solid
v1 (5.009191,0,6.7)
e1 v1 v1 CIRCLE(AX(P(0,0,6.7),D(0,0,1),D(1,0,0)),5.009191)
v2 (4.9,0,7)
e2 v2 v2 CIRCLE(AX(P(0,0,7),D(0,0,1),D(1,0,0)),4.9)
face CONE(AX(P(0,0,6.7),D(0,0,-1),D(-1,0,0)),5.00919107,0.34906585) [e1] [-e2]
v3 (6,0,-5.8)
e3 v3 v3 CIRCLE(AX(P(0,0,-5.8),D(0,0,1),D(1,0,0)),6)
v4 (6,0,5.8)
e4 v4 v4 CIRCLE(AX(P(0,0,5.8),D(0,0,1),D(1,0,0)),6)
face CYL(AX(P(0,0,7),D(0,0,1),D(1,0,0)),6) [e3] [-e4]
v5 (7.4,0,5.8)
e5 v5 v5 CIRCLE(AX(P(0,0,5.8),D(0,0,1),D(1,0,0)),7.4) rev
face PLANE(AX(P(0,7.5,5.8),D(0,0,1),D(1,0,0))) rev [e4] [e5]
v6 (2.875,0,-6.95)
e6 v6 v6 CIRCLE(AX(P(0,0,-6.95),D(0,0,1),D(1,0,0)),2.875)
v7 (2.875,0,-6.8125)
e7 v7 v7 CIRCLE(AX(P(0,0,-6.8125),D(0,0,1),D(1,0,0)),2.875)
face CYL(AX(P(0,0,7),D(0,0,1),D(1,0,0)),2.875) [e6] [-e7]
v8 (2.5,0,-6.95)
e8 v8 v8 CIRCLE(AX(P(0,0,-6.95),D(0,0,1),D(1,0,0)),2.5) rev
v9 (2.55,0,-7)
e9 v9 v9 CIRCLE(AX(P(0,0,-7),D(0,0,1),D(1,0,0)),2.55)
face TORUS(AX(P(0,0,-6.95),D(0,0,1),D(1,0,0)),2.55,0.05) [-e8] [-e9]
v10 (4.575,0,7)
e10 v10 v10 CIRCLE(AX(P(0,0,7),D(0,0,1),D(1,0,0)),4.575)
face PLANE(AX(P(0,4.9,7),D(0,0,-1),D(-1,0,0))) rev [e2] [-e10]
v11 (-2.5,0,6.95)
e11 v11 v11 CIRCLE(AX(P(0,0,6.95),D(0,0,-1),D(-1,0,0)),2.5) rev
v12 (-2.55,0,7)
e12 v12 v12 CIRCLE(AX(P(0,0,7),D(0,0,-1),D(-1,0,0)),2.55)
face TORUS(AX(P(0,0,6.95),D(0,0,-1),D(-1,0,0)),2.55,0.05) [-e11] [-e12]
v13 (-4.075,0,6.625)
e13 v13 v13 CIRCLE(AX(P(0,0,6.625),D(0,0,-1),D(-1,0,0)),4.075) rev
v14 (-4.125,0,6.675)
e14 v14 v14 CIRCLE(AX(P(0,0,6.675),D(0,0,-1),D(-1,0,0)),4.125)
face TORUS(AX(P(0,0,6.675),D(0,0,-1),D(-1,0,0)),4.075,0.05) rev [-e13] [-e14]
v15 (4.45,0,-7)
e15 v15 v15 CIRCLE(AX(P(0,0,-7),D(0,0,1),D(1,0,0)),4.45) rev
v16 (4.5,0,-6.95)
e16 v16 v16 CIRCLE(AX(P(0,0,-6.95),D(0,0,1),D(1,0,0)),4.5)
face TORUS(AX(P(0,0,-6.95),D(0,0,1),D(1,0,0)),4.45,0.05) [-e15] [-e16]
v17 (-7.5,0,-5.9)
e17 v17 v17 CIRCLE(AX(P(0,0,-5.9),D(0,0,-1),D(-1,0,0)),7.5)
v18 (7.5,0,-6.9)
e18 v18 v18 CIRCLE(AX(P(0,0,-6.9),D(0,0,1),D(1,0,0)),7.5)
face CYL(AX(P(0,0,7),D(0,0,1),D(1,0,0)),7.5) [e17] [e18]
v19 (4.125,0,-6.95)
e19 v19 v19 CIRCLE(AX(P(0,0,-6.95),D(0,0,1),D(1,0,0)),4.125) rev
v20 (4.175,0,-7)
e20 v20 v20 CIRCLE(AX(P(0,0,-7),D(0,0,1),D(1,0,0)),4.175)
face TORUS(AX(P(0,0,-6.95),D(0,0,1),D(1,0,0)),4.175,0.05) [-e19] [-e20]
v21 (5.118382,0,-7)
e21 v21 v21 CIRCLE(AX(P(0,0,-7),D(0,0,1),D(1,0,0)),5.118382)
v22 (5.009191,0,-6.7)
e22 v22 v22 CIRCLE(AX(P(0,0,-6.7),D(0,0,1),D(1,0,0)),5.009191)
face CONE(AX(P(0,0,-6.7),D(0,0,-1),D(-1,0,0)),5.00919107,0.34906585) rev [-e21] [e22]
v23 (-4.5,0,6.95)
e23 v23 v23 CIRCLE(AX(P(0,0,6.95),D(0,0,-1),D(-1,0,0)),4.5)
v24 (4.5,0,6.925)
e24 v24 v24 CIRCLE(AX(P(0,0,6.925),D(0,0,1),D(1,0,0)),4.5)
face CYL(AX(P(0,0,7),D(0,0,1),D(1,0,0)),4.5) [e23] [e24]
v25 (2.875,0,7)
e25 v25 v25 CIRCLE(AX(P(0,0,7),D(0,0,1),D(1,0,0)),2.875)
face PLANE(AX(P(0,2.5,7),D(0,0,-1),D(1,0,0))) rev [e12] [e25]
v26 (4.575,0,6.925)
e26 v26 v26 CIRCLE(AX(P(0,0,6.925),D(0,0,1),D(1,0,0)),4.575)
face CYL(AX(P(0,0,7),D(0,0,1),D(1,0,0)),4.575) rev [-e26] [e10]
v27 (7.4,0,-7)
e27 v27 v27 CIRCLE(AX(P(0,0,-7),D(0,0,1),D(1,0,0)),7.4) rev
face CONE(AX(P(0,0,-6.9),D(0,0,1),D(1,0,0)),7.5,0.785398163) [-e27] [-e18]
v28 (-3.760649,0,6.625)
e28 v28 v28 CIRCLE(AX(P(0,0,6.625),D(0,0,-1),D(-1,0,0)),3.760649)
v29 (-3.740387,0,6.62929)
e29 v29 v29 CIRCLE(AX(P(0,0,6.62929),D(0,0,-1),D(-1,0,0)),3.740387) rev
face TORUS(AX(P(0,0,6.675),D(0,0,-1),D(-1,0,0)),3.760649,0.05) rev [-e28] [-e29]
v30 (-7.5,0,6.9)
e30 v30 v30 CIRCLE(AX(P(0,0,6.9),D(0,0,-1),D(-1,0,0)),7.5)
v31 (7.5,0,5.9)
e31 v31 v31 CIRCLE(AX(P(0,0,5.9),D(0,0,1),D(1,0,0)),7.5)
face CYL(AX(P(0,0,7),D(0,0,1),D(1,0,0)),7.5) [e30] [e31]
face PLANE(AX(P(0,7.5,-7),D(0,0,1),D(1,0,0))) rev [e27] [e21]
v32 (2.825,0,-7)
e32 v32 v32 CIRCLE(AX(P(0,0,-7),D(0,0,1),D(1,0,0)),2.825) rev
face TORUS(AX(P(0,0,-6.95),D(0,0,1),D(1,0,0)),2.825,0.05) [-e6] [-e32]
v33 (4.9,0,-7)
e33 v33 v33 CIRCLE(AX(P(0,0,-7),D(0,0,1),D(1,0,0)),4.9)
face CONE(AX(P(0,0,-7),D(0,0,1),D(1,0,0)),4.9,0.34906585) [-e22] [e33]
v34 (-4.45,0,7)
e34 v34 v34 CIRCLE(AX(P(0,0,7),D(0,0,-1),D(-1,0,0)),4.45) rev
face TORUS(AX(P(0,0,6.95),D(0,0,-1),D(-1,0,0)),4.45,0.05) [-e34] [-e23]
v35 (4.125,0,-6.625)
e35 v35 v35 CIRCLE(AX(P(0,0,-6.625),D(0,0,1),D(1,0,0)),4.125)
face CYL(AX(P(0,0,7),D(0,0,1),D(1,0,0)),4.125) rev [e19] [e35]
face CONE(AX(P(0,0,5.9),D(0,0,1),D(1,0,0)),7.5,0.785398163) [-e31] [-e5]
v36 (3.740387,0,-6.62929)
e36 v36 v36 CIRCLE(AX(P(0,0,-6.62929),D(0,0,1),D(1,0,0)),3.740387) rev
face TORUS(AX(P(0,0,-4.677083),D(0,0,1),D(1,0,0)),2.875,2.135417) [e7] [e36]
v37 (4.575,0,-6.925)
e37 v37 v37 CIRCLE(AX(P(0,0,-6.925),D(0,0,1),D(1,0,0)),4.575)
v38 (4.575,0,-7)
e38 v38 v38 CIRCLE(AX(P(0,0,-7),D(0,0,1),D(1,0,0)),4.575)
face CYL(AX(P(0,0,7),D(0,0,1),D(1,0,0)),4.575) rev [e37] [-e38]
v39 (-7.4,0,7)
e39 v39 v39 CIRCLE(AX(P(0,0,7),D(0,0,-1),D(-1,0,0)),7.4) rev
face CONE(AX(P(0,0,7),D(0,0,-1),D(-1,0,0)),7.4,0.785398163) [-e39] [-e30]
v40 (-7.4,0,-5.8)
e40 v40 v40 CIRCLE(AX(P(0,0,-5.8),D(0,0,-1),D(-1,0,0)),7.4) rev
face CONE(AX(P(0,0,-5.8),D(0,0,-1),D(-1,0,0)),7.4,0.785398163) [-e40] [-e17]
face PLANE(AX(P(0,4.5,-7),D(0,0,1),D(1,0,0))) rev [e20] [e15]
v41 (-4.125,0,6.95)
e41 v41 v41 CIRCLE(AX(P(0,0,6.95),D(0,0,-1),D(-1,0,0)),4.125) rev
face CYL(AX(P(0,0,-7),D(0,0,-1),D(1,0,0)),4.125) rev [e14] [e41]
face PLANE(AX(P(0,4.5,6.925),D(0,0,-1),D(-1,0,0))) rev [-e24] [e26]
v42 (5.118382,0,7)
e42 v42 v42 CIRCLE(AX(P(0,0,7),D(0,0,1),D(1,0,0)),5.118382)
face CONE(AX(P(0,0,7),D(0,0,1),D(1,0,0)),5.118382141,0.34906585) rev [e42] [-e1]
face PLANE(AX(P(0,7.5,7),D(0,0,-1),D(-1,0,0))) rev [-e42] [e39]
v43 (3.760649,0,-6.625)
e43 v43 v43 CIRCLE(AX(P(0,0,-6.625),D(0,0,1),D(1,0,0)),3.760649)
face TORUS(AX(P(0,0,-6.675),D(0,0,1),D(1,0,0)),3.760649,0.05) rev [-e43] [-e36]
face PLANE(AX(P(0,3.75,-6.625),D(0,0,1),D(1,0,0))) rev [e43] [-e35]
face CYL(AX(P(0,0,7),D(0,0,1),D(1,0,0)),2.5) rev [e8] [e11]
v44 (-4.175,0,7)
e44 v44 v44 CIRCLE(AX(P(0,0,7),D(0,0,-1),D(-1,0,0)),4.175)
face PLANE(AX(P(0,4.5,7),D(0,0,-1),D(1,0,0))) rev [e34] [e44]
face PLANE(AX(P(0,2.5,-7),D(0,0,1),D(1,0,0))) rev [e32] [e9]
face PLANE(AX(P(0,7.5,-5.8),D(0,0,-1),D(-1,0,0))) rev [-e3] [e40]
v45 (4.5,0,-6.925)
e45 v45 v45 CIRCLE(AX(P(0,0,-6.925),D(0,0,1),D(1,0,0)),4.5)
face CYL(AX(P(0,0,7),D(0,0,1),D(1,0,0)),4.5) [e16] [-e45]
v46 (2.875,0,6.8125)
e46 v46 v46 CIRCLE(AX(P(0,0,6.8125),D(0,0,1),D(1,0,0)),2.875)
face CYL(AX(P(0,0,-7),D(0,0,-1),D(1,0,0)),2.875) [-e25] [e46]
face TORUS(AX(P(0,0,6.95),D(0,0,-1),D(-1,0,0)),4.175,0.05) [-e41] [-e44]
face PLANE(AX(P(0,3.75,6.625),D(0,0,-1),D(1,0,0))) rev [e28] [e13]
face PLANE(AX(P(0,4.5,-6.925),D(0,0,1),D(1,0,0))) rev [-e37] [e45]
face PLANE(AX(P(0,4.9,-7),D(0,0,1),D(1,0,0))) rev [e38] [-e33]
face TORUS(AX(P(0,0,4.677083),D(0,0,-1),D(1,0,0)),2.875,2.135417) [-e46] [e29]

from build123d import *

# Parameters (mm, degrees)
CHAMFER1_SIZE = 0.1
FILLET2_R     = 0.05


with BuildPart() as part:
    # Sketch2 → Revolve1 (revolve)
    with BuildSketch(Plane(origin=(0, 0, 0), x_dir=(0, 0, -1), z_dir=(1, 0, 0))):
        with BuildLine():
            Line((7, 2.5), (0, 2.5))
            Line((0, 2.5), (0, 4.5))
            Line((0, 4.5), (7, 4.5))
            Line((7, 4.5), (7, 4.125))
            Line((7, 4.125), (6.625, 4.125))
            Line((6.625, 4.125), (6.625, 3.75))
            ThreePointArc((6.625, 3.75), (6.765098905, 3.322431908), (6.8125, 2.875))
            Line((6.8125, 2.875), (7, 2.875))
            Line((7, 2.875), (7, 2.5))
        make_face()
    revolve(axis=Axis((0, 0, 7), (0, 0, -1)))

    # Mirror1: part across plane


with BuildPart() as part_1:
    add(part.part)
    add(part.part.mirror(Plane.XY))

    # Fillet2
    fillet2_edges = [part_1.edges().sort_by_distance(p)[0] for p in [
        (0, -2.5, -7),
        (0, -2.5, 7),
        (0, -4.5, 7),
        (0, -4.125, 7),
        (0, -4.125, 6.625),
        (0, -3.75, 6.625),
        (0, -2.875, -7),
        (0, -3.75, -6.625),
        (0, -4.125, -7),
        (0, -4.5, -7),
    ]]
    fillet(fillet2_edges, radius=FILLET2_R)


with BuildPart() as body_2:
    # Sketch3 → Revolve2 (revolve)
    with BuildSketch(Plane(origin=(0, 0, 0), x_dir=(0, 0, -1), z_dir=(1, 0, 0))):
        Polygon((5.8, 7.5), (7, 7.5), (7, 5.118382141), (6.7, 5.00919107), (7, 4.9), (7, 4.575), (6.925, 4.575), (6.925, 4.5), (-6.925, 4.5), (-6.925, 4.575), (-7, 4.575), (-7, 4.9), (-6.7, 5.00919107), (-7, 5.118382141), (-7, 7.5), (-5.8, 7.5), (-5.8, 6), (5.8, 6), align=None)
    revolve(axis=Axis((0, 0, 7), (0, 0, -1)))

    # Chamfer1
    chamfer1_edges = [body_2.edges().sort_by_distance(p)[0] for p in [
        (0, -7.5, 5.8),
        (0, -7.5, 7),
        (0, -7.5, -7),
        (0, -7.5, -5.8),
    ]]
    chamfer(chamfer1_edges, length=CHAMFER1_SIZE)

    # Combine1: union part
    add(part_1.part)


solid = body_2.part
